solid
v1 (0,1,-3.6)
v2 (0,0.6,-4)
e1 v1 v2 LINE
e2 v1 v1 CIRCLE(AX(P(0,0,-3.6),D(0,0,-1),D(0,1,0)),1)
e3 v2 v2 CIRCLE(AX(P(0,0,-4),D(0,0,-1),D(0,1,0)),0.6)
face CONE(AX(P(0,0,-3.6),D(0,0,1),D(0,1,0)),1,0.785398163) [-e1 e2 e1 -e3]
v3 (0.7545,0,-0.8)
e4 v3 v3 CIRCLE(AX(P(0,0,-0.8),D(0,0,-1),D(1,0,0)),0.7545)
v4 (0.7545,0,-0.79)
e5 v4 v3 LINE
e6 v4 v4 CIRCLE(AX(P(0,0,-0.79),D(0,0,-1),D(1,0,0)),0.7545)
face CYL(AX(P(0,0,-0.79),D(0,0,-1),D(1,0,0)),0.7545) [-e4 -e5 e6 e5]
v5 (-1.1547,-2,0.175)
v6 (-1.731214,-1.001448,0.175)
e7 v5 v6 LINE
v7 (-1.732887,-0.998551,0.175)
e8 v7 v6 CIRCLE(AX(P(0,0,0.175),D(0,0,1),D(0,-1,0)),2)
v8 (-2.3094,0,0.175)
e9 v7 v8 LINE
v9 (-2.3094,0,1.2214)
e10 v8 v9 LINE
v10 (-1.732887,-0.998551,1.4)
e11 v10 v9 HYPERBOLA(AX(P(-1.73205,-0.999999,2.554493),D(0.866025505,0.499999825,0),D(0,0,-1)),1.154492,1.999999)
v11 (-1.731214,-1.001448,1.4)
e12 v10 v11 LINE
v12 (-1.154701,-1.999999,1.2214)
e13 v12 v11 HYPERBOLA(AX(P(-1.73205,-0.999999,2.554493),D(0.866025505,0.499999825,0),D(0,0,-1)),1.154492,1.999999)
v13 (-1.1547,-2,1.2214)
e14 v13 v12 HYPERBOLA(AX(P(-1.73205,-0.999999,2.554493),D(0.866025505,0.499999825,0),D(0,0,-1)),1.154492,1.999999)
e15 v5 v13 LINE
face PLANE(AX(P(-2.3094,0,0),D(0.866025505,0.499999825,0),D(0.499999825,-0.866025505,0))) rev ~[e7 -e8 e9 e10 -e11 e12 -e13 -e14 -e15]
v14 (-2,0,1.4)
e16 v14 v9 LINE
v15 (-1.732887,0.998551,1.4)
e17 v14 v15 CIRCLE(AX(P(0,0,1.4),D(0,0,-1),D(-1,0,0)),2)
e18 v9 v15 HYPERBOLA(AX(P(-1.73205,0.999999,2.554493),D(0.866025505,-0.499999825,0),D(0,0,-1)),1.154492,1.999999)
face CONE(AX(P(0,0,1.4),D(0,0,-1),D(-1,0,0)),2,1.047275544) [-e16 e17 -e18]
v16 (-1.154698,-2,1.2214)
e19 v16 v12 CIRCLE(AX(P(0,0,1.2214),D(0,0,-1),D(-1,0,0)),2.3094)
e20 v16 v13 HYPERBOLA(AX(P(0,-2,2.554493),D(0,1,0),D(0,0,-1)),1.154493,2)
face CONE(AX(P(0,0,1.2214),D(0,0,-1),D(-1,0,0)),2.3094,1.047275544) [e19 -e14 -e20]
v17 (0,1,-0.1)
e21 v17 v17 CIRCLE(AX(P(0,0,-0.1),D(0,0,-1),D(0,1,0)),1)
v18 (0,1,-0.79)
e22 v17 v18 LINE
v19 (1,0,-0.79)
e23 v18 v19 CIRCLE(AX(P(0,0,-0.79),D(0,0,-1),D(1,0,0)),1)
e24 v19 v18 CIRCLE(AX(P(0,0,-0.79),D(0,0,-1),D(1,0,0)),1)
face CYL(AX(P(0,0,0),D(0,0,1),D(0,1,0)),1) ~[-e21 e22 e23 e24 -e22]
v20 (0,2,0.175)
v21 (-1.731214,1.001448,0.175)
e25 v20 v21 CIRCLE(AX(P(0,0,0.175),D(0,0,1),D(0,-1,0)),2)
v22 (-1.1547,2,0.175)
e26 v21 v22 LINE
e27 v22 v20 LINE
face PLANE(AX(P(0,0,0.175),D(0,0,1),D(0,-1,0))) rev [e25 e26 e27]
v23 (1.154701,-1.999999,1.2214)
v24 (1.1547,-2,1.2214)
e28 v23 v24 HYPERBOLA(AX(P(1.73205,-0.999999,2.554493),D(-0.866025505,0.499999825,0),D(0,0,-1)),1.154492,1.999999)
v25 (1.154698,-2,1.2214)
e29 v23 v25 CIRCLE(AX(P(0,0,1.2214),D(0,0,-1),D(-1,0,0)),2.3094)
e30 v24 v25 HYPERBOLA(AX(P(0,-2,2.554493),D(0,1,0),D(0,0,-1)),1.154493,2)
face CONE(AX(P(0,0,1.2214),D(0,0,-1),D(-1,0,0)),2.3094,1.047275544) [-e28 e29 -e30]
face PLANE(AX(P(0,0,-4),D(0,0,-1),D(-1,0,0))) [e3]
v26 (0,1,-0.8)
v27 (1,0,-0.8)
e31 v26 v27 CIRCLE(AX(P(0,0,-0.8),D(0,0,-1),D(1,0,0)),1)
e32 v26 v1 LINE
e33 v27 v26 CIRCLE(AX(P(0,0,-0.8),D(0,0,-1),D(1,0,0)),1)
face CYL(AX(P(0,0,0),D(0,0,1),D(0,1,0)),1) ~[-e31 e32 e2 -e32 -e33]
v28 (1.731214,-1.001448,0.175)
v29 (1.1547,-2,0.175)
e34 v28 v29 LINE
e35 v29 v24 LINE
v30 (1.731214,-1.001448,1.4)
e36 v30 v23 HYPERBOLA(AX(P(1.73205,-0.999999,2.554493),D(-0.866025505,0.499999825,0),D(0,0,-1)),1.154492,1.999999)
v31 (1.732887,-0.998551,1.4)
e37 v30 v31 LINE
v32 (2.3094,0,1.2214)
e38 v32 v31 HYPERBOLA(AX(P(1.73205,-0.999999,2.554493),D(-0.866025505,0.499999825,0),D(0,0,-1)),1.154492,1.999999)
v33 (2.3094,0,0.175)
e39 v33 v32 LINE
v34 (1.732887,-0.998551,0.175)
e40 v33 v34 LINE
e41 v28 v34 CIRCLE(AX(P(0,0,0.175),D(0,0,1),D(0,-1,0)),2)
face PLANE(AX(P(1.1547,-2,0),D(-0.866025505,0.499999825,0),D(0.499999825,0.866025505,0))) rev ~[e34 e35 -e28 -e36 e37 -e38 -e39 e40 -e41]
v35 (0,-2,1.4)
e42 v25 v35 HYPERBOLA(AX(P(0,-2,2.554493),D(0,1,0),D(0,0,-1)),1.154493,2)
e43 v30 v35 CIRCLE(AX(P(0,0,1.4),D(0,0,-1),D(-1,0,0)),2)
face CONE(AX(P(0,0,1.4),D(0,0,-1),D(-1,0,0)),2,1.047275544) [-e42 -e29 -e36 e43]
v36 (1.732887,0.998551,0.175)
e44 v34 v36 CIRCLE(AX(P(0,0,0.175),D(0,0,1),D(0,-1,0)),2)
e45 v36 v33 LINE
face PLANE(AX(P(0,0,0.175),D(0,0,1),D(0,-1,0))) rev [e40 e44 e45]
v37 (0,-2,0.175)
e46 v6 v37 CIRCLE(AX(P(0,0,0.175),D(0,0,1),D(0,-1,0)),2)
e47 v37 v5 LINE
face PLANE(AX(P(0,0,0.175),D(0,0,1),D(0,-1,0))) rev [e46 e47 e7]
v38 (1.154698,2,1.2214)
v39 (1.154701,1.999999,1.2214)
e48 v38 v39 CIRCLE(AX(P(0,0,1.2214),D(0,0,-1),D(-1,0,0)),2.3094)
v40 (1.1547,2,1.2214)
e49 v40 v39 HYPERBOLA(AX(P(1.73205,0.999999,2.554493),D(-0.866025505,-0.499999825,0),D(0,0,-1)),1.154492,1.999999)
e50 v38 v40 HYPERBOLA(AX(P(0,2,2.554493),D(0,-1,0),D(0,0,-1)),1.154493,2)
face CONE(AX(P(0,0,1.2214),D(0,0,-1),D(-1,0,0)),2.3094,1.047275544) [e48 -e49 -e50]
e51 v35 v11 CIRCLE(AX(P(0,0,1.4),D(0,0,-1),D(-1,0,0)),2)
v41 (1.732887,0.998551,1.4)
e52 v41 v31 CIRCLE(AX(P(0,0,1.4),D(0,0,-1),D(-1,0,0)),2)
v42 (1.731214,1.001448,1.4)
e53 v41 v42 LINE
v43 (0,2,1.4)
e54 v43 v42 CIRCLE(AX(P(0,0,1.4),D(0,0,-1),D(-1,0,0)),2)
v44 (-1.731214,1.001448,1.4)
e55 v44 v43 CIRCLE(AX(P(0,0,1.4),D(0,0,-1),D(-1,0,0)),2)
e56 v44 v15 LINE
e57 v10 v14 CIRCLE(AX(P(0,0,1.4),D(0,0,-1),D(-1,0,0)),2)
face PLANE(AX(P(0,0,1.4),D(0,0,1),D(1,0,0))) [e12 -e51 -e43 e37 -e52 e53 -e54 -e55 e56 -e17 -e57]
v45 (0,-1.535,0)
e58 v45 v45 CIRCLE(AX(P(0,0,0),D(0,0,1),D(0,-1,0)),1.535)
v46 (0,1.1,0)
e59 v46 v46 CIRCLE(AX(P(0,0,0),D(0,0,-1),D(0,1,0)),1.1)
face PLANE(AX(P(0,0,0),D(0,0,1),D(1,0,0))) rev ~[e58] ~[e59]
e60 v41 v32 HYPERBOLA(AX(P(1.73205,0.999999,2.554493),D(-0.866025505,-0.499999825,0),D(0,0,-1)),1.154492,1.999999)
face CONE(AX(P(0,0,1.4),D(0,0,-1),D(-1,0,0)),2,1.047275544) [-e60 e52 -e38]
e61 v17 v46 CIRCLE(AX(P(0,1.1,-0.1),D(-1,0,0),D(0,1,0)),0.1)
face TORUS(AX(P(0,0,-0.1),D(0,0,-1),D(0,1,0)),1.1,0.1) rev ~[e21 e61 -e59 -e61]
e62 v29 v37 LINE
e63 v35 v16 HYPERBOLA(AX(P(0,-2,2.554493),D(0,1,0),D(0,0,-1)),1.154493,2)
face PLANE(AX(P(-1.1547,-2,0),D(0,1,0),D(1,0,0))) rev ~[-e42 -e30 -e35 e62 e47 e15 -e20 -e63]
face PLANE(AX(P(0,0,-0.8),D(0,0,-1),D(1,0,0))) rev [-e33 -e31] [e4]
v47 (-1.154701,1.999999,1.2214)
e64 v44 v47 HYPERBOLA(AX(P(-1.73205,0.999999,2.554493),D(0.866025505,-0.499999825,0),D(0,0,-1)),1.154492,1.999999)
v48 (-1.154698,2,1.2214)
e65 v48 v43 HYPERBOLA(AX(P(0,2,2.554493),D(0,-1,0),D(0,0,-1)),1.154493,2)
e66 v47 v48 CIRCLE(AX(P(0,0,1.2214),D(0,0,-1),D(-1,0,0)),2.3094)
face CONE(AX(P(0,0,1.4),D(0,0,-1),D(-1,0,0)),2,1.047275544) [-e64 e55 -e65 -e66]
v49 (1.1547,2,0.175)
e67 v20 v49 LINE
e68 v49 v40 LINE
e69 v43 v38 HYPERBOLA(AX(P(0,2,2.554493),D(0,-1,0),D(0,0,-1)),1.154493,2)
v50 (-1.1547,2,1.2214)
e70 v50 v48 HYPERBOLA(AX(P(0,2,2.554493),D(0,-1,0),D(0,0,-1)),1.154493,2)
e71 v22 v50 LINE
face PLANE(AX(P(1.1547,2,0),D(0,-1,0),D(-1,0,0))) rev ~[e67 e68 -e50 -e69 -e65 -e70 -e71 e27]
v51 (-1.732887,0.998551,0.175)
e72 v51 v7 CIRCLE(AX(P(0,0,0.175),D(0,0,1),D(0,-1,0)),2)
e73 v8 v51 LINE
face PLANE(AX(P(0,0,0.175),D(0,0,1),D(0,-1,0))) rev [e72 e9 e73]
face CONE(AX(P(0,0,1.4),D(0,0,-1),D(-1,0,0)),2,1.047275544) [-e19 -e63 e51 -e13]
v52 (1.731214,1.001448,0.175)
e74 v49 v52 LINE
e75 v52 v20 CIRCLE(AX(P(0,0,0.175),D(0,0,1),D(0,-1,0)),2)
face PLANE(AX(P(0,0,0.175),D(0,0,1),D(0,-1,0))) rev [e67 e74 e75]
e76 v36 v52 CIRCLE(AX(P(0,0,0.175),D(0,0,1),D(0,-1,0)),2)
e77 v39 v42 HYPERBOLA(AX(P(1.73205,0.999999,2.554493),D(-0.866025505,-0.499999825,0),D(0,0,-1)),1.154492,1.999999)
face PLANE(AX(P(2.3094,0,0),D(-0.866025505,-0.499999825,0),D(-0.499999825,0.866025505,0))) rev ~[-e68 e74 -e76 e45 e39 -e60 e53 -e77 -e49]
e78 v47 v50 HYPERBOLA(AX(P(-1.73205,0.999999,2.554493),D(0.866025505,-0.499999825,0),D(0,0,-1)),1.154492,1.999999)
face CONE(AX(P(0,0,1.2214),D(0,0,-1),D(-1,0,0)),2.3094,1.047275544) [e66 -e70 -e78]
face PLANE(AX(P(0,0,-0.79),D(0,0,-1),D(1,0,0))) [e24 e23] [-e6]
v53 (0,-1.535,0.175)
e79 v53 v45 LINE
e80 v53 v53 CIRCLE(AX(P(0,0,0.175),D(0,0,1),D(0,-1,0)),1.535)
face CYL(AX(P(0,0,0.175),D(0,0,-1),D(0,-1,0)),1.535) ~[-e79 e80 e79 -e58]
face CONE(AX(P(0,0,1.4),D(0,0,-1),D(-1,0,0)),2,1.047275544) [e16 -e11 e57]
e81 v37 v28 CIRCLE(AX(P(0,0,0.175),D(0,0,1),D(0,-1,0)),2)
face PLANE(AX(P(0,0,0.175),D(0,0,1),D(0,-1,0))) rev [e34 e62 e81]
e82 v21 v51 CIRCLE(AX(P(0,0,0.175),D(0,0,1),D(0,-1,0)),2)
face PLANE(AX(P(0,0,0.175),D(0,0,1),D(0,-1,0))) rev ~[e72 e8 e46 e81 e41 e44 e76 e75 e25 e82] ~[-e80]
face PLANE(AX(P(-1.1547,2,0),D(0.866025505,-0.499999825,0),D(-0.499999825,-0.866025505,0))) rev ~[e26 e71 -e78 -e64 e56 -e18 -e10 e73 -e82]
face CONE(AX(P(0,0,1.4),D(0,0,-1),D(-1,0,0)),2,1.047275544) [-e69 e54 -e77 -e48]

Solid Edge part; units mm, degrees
sketch "Sketch1" plane through (0, 0, 0) normal (0, 0, 1) x (1, 0, 0)
  line L0 (-1.1547, -2) -> (1.1547, -2)
  line L1 (1.1547, -2) -> (2.3094, 0)
  line L2 (2.3094, 0) -> (1.1547, 2)
  line L3 (1.1547, 2) -> (-1.1547, 2)
  line L4 (-1.1547, 2) -> (-2.3094, 0)
  line L5 (-2.3094, 0) -> (-1.1547, -2)
  dimension "D1" = 4
  dimension "D2" = 4
extrude "Protrusion1" add sketch "Sketch1" along normal blind 1.4
sketch "Sketch2" plane through (0, 0, 0) normal (0, -1, 0) x (1, 0, 0)
  line L0 (-2, 1.4) -> (-2.3094, 1.2214)
revolve "RevolvedCutout1" cut sketch "Sketch2" angle 360 about axis through (0, 0, 57.15) along (0, 0, -1) material side at (-2.1797, 0, 1.354)
sketch "Sketch3" plane through (0, 0, 0) normal (0, 0, -1) x (0, 1, 0)
  circle A0 centre (0, 0) radius 1
  dimension "D1" = 2
extrude "Protrusion2" add sketch "Sketch3" along normal blind 4
chamfer "Chamfer1" distance 0.4 angle 45 1 edges at (0, -1, -4)
fillet "Round1" radius 0.1 1 edges at (1, 0, 0)
sketch "Sketch4" plane through (0, 0, 0) normal (1, 0, 0) x (0, 1, 0)
  line L0 (-2, 0.175) -> (-1.535, 0.175)
  line L1 (-1.535, 0.175) -> (-1.535, 0)
  dimension "D1" = 0.175
  dimension "D2" = 0.465
revolve "RevolvedCutout2" cut sketch "Sketch4" angle 360 about axis through (0, 0, 0) along (0, 0, 1) material side at (0, -1.7675, 0.125)
sketch "Sketch5" plane through (0, 0, 0) normal (0, -1, 0) x (1, 0, 0)
  line L0 (0.7545, -0.8) -> (1, -0.8)
  line L1 (1, -0.8) -> (1, -0.79)
  line L2 (1, -0.79) -> (0.7545, -0.79)
  line L3 (0.7545, -0.79) -> (0.7545, -0.8)
  dimension "D1" = 0.8
  dimension "D2" = 0.01
revolve "RevolvedCutout3" cut sketch "Sketch5" angle 360 about axis through (0, 0, 57.15) along (0, 0, -1)
cosmetic_thread "Thread1" size "M2"
properties material "Acier"
